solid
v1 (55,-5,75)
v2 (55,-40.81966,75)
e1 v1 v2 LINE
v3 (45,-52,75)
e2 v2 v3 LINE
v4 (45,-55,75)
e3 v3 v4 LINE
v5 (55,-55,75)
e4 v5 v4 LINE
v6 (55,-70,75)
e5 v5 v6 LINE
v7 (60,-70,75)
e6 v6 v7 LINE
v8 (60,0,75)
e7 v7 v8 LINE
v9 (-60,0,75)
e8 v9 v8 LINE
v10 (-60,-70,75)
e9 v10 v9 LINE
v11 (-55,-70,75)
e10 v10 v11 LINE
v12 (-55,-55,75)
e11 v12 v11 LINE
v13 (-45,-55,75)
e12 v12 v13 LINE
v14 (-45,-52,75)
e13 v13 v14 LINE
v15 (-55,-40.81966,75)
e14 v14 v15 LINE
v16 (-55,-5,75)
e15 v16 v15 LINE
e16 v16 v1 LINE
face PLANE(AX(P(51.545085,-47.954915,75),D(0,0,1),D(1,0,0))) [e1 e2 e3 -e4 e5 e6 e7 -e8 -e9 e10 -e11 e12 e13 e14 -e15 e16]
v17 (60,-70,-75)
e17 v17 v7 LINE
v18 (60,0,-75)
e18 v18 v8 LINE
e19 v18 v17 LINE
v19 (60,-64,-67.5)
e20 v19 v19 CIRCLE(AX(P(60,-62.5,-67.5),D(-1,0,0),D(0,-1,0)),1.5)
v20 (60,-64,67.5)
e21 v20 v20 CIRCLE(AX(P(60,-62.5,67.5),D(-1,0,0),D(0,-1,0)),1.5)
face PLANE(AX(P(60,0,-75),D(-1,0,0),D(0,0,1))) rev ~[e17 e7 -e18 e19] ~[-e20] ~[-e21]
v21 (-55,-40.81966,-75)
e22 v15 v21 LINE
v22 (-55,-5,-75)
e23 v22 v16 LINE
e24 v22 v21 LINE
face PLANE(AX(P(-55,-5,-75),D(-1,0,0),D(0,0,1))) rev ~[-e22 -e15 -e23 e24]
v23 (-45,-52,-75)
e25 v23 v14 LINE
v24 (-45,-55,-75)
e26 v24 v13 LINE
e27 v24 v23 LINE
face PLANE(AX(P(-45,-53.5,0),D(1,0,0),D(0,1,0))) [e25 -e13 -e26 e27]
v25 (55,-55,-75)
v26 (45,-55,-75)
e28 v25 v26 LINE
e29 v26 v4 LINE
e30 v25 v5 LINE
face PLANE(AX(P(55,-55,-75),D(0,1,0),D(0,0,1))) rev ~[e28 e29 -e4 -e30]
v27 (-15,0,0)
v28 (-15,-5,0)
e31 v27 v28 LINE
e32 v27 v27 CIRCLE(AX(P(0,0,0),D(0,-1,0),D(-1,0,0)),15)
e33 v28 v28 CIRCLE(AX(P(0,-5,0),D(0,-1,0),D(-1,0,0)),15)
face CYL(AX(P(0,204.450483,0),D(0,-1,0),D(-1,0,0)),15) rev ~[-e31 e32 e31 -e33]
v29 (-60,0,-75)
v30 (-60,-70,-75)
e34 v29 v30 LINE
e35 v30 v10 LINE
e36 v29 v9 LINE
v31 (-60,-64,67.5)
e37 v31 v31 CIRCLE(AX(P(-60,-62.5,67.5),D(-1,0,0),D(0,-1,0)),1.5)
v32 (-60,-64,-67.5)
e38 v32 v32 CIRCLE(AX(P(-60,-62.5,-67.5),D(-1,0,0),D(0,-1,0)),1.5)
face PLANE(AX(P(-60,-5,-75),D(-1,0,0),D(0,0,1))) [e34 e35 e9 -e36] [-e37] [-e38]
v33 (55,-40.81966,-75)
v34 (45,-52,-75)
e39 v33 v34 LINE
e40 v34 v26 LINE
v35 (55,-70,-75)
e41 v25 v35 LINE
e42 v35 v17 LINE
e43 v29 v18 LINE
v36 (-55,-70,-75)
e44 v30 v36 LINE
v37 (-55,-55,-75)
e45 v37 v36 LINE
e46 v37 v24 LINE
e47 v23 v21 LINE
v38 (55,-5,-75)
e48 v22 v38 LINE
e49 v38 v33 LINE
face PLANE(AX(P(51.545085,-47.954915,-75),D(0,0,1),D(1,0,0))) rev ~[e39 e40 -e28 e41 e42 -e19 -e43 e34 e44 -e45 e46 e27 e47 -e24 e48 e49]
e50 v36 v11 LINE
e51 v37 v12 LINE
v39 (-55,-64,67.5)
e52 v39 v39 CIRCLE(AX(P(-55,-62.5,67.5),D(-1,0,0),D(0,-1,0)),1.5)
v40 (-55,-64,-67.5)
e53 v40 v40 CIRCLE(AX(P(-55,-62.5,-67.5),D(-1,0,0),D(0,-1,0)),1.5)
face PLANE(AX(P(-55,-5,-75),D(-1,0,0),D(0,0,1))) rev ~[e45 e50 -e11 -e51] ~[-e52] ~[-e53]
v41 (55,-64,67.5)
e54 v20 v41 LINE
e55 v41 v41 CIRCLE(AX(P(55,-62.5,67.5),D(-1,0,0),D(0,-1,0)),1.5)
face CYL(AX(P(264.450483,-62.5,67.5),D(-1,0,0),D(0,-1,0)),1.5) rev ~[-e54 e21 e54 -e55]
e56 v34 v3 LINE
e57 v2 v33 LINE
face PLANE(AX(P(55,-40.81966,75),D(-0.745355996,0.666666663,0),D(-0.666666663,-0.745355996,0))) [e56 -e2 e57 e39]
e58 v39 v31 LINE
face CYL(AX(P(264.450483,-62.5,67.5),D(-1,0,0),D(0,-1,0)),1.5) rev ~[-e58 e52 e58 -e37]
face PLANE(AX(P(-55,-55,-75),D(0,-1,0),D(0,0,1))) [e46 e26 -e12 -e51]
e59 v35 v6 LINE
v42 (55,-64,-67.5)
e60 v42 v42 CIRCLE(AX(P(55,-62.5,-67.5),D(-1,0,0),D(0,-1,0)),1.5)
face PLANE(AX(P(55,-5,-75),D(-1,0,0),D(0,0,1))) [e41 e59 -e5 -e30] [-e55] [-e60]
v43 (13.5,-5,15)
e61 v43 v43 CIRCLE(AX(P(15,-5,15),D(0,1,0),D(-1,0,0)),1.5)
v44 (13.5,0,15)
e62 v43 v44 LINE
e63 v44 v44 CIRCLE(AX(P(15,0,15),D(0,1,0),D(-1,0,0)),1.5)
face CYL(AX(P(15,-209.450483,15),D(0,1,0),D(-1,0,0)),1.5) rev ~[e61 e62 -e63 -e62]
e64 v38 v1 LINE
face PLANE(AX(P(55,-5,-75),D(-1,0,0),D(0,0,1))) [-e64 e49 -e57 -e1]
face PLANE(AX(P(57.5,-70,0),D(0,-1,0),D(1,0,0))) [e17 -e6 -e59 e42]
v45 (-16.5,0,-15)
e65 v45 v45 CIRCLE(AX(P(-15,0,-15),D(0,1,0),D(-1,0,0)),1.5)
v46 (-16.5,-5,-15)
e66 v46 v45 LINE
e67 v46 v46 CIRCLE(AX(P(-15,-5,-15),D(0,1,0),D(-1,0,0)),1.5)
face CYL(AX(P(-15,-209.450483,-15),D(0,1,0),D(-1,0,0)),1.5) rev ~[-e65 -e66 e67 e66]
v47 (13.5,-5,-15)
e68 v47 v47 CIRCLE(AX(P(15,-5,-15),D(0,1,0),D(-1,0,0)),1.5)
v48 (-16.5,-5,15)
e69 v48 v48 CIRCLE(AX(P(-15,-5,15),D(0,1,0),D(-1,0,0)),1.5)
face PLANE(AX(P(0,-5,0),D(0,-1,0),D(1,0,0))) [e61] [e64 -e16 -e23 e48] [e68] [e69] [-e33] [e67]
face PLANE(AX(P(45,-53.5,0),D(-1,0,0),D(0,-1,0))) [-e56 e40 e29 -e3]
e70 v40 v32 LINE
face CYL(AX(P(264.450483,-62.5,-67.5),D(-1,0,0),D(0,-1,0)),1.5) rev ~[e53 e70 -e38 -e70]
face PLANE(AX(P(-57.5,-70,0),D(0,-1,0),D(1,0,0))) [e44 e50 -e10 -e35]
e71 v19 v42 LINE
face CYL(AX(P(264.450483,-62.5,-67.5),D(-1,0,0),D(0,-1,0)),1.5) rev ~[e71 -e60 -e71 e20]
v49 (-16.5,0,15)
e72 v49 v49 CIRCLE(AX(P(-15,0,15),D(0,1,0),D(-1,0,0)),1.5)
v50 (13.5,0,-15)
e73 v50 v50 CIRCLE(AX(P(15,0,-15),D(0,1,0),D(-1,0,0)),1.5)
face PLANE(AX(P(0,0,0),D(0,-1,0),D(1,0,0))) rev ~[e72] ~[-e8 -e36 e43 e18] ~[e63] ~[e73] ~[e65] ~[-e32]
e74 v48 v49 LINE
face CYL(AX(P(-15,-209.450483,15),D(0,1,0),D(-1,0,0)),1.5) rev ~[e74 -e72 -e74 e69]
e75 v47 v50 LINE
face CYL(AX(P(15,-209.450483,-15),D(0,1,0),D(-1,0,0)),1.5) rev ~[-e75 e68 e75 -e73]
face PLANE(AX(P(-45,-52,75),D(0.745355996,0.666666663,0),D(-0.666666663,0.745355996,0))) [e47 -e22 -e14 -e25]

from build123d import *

# Parameters (mm, degrees)
F0_W      = 120
F0_H      = 150
F1_DEPTH  = 5
F2_W      = 5
F2_H      = 150
F3_DEPTH  = 65
F4_W      = 3
F4_H      = 150
F5_DEPTH  = 10
F6_W      = 3
F6_H      = 150
F7_DEPTH  = 10
F9_DEPTH  = 150
F10_DEPTH = 150
F12_D     = 3
F13_D     = 30
F15_D     = 3


with BuildPart() as f1:
    # F0 (on Front) → F1 (new body)
    with BuildSketch(Plane.XZ):
        Rectangle(F0_W, F0_H)
    extrude(amount=F1_DEPTH)

    # F2 (on face) → F3 (join)
    with BuildSketch(Plane.XZ.offset(5)):
        with Locations((-57.5, 0)):
            Rectangle(F2_W, F2_H)
        with Locations((57.5, 0)):
            Rectangle(F2_W, F2_H)
    extrude(amount=F3_DEPTH)

    # F4 (on face) → F5 (join)
    with BuildSketch(Plane(origin=(55, 0, 0), x_dir=(0, -1, 0), z_dir=(-1, 0, 0))):
        with Locations((53.5, 0)):
            Rectangle(F4_W, F4_H)
    extrude(amount=F5_DEPTH)

    # F6 (on face) → F7 (join)
    with BuildSketch(Plane.YZ.offset(-55)):
        with Locations((-53.5, 0)):
            Rectangle(F6_W, F6_H)
    extrude(amount=F7_DEPTH)

    # F8 (on face) → F9 (join)
    with BuildSketch(Plane.XY.offset(75)):
        Polygon((55, -40.81966), (45, -52), (55, -52), align=None)
    extrude(amount=-F9_DEPTH)

    # F8 (on face) → F10 (join)
    with BuildSketch(Plane.XY.offset(75)):
        Polygon((55, -40.81966), (45, -52), (55, -52), align=None)
        Polygon((-55, -52), (-45, -52), (-55, -40.81966), align=None)
    extrude(amount=-F10_DEPTH)

    # F12 (through all)
    with Locations(Plane.XZ.offset(5)):
        with Locations((-15, 15), (0, 0), (-15, -15), (15, -15), (15, 15)):
            Hole(F12_D / 2)

    # F13 (through all)
    with Locations(Plane(origin=(0, 0, 0), x_dir=(1, 0, 0), z_dir=(0, 1, 0))):
        with Locations((0, 0)):
            Hole(F13_D / 2)

    # F15 (through all)
    with Locations(Plane.YZ.offset(60)):
        with Locations((-62.5, -67.5), (-62.5, 67.5)):
            Hole(F15_D / 2)


solid = f1.part
